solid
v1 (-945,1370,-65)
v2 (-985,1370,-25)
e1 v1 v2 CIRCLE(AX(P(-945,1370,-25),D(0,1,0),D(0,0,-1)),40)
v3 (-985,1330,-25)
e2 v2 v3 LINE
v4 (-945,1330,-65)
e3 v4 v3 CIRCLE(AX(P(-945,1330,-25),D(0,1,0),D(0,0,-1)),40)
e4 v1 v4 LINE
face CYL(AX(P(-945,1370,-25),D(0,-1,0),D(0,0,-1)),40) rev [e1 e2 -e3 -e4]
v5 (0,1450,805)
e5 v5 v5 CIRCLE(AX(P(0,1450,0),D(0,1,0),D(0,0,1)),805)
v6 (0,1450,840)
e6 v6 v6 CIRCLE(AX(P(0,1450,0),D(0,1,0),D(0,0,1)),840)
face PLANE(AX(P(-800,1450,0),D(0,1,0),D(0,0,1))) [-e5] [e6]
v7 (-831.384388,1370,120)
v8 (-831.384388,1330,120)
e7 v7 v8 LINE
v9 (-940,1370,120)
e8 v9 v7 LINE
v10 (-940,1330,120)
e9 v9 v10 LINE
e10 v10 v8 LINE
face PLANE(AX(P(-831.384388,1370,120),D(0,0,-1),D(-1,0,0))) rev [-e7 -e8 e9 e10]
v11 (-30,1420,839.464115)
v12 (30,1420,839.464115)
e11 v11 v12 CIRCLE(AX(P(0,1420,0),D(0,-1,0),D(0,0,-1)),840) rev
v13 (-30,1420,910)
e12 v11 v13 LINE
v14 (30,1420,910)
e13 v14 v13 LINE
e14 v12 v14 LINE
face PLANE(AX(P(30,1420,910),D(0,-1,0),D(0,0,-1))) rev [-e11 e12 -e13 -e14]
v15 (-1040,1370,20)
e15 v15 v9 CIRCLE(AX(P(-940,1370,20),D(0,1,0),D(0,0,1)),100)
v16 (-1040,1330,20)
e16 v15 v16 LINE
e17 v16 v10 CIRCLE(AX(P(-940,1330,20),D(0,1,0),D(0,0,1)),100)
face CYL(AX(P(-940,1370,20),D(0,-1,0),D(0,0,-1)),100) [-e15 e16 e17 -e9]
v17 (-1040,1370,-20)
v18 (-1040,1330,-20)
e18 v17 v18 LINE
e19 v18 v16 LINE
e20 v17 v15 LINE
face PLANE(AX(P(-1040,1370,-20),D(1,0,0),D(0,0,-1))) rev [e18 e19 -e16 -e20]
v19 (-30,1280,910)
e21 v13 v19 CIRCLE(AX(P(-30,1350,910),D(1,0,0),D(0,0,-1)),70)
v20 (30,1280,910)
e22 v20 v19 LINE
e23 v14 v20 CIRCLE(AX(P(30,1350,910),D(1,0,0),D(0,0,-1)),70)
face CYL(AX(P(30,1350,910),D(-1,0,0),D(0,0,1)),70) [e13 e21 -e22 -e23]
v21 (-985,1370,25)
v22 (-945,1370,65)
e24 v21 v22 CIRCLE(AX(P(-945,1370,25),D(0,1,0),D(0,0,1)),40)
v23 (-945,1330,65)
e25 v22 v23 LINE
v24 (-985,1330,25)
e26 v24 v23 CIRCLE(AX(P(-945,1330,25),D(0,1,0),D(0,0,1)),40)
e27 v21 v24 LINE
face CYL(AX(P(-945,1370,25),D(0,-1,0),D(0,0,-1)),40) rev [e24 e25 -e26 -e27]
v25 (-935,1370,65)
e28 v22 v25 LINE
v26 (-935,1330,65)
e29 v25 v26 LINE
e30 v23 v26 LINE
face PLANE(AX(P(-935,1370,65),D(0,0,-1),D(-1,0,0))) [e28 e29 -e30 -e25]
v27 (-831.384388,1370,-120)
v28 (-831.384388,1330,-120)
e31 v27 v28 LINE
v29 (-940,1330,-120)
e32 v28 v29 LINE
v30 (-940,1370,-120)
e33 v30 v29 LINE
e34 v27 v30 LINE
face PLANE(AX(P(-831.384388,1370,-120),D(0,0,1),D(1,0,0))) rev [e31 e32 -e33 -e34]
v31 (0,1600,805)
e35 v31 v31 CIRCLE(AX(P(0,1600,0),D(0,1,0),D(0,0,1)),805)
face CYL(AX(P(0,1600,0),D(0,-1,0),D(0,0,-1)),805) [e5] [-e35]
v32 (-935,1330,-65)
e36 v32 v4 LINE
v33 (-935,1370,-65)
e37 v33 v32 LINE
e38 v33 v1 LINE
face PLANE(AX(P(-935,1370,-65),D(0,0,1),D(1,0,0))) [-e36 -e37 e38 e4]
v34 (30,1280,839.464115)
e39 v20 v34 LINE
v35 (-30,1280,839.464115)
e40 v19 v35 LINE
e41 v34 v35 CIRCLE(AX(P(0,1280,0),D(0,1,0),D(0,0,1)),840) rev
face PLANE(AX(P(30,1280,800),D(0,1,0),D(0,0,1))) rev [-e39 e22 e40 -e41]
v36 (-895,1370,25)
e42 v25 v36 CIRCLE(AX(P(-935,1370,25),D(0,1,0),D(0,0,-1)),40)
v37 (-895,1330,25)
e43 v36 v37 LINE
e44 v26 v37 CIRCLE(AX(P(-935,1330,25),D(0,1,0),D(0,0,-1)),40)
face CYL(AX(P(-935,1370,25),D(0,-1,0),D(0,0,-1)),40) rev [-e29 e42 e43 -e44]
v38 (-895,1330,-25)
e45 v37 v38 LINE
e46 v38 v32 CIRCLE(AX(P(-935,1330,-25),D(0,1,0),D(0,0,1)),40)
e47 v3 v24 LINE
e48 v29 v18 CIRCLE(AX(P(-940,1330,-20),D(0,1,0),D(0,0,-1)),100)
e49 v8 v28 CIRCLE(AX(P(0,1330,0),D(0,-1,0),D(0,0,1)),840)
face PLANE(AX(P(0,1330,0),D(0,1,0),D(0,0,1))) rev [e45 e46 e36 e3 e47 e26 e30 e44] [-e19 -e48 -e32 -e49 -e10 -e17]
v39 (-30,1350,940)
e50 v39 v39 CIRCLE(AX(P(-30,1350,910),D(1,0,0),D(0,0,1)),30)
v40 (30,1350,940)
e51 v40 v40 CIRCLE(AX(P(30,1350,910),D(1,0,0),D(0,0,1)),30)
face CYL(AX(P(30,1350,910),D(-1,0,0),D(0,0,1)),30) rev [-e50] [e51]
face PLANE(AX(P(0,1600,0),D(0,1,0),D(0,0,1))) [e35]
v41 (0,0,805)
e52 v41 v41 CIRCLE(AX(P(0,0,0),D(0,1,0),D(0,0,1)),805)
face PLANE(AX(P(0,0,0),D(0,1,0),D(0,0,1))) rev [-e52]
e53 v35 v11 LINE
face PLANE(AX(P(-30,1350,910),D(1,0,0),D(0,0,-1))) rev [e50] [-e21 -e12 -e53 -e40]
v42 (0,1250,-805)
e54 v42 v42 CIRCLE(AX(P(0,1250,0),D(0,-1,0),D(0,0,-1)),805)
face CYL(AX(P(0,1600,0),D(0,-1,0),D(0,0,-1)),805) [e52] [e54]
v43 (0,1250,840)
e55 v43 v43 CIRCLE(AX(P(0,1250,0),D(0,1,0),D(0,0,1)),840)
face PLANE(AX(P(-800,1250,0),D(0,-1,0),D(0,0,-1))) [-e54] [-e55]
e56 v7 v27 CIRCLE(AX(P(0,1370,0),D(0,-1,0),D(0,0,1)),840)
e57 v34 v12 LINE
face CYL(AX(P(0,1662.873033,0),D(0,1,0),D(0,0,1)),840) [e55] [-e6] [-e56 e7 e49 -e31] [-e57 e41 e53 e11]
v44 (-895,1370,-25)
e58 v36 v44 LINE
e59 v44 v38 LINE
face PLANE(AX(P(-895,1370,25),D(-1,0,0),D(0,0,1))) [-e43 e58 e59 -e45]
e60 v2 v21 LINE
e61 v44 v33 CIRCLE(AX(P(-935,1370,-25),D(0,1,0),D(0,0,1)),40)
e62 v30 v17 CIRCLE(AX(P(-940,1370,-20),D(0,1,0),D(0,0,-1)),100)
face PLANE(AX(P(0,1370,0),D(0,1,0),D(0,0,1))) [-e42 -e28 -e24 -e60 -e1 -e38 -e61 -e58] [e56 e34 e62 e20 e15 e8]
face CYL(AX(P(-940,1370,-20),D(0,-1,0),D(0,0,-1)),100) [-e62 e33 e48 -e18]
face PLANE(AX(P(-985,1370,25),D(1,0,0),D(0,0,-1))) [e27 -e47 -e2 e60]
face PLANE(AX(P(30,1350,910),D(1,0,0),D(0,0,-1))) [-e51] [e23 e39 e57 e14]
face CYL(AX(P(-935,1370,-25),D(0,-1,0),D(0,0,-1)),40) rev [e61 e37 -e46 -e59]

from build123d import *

# Parameters (mm, degrees)
SKETCH_2_W      = 40
SKETCH_2_H      = 200
SKETCH_3_R      = 30
EXTRUDE_1_DEPTH = 30
EXTRUDE_2_DEPTH = 20
SKETCH_6_R      = 805
SKETCH_5_R      = 805


with BuildPart() as part:
    # Эскиз2 → Повернуть2 (revolve)
    with BuildSketch(Plane.XY):
        with Locations((-820, 1350)):
            Rectangle(SKETCH_2_W, SKETCH_2_H)
    revolve(axis=Axis((0, 1662.873032591, 0), (0, -1, 0)))

    # Эскиз3 → Бобышка-Вытянуть1 (add, symmetric)
    with BuildSketch(Plane(origin=(0, 0, 0), x_dir=(0, 0, -1), z_dir=(1, 0, 0))):
        with BuildLine():
            Line((-800, 1280), (-910, 1280))
            ThreePointArc((-910, 1280), (-980, 1350), (-910, 1420))
            Line((-910, 1420), (-800, 1420))
            Line((-800, 1420), (-800, 1280))
        make_face()
        with Locations((-910, 1350)):
            Circle(SKETCH_3_R, mode=Mode.SUBTRACT)
    extrude(amount=EXTRUDE_1_DEPTH, both=True)

    # Эскиз4 → Бобышка-Вытянуть2 (add, symmetric)
    with BuildSketch(Plane(origin=(0, 1350, 0), x_dir=(1, 0, 0), z_dir=(0, 1, 0))):
        with BuildLine():
            Line((-831.384387633, 120), (-940, 120))
            ThreePointArc((-940, 120), (-1010.710678119, 90.710678119), (-1040, 20))
            Line((-1040, 20), (-1040, -20))
            ThreePointArc((-1040, -20), (-1010.710678119, -90.710678119), (-940, -120))
            Line((-940, -120), (-831.384387633, -120))
            ThreePointArc((-831.384387633, -120), (-840, 0), (-831.384387633, 120))
        make_face()
        with BuildLine():
            Line((-895, -25), (-895, 25))
            ThreePointArc((-895, 25), (-906.715728753, 53.284271247), (-935, 65))
            Line((-935, 65), (-945, 65))
            ThreePointArc((-945, 65), (-973.284271247, 53.284271247), (-985, 25))
            Line((-985, 25), (-985, -25))
            ThreePointArc((-985, -25), (-973.284271247, -53.284271247), (-945, -65))
            Line((-945, -65), (-935, -65))
            ThreePointArc((-935, -65), (-906.715728753, -53.284271247), (-895, -25))
        make_face(mode=Mode.SUBTRACT)
    extrude(amount=EXTRUDE_2_DEPTH, both=True)

    # Эскиз6 → По сечениям2 section 0
    with BuildSketch(Plane(origin=(0, 1600, 0), x_dir=(1, 0, 0), z_dir=(0, 1, 0))):
        Circle(SKETCH_6_R)
    # Эскиз5 → По сечениям2 section 1
    with BuildSketch(Plane(origin=(0, 0, 0), x_dir=(1, 0, 0), z_dir=(0, 1, 0))):
        Circle(SKETCH_5_R)
    loft()


solid = part.part
